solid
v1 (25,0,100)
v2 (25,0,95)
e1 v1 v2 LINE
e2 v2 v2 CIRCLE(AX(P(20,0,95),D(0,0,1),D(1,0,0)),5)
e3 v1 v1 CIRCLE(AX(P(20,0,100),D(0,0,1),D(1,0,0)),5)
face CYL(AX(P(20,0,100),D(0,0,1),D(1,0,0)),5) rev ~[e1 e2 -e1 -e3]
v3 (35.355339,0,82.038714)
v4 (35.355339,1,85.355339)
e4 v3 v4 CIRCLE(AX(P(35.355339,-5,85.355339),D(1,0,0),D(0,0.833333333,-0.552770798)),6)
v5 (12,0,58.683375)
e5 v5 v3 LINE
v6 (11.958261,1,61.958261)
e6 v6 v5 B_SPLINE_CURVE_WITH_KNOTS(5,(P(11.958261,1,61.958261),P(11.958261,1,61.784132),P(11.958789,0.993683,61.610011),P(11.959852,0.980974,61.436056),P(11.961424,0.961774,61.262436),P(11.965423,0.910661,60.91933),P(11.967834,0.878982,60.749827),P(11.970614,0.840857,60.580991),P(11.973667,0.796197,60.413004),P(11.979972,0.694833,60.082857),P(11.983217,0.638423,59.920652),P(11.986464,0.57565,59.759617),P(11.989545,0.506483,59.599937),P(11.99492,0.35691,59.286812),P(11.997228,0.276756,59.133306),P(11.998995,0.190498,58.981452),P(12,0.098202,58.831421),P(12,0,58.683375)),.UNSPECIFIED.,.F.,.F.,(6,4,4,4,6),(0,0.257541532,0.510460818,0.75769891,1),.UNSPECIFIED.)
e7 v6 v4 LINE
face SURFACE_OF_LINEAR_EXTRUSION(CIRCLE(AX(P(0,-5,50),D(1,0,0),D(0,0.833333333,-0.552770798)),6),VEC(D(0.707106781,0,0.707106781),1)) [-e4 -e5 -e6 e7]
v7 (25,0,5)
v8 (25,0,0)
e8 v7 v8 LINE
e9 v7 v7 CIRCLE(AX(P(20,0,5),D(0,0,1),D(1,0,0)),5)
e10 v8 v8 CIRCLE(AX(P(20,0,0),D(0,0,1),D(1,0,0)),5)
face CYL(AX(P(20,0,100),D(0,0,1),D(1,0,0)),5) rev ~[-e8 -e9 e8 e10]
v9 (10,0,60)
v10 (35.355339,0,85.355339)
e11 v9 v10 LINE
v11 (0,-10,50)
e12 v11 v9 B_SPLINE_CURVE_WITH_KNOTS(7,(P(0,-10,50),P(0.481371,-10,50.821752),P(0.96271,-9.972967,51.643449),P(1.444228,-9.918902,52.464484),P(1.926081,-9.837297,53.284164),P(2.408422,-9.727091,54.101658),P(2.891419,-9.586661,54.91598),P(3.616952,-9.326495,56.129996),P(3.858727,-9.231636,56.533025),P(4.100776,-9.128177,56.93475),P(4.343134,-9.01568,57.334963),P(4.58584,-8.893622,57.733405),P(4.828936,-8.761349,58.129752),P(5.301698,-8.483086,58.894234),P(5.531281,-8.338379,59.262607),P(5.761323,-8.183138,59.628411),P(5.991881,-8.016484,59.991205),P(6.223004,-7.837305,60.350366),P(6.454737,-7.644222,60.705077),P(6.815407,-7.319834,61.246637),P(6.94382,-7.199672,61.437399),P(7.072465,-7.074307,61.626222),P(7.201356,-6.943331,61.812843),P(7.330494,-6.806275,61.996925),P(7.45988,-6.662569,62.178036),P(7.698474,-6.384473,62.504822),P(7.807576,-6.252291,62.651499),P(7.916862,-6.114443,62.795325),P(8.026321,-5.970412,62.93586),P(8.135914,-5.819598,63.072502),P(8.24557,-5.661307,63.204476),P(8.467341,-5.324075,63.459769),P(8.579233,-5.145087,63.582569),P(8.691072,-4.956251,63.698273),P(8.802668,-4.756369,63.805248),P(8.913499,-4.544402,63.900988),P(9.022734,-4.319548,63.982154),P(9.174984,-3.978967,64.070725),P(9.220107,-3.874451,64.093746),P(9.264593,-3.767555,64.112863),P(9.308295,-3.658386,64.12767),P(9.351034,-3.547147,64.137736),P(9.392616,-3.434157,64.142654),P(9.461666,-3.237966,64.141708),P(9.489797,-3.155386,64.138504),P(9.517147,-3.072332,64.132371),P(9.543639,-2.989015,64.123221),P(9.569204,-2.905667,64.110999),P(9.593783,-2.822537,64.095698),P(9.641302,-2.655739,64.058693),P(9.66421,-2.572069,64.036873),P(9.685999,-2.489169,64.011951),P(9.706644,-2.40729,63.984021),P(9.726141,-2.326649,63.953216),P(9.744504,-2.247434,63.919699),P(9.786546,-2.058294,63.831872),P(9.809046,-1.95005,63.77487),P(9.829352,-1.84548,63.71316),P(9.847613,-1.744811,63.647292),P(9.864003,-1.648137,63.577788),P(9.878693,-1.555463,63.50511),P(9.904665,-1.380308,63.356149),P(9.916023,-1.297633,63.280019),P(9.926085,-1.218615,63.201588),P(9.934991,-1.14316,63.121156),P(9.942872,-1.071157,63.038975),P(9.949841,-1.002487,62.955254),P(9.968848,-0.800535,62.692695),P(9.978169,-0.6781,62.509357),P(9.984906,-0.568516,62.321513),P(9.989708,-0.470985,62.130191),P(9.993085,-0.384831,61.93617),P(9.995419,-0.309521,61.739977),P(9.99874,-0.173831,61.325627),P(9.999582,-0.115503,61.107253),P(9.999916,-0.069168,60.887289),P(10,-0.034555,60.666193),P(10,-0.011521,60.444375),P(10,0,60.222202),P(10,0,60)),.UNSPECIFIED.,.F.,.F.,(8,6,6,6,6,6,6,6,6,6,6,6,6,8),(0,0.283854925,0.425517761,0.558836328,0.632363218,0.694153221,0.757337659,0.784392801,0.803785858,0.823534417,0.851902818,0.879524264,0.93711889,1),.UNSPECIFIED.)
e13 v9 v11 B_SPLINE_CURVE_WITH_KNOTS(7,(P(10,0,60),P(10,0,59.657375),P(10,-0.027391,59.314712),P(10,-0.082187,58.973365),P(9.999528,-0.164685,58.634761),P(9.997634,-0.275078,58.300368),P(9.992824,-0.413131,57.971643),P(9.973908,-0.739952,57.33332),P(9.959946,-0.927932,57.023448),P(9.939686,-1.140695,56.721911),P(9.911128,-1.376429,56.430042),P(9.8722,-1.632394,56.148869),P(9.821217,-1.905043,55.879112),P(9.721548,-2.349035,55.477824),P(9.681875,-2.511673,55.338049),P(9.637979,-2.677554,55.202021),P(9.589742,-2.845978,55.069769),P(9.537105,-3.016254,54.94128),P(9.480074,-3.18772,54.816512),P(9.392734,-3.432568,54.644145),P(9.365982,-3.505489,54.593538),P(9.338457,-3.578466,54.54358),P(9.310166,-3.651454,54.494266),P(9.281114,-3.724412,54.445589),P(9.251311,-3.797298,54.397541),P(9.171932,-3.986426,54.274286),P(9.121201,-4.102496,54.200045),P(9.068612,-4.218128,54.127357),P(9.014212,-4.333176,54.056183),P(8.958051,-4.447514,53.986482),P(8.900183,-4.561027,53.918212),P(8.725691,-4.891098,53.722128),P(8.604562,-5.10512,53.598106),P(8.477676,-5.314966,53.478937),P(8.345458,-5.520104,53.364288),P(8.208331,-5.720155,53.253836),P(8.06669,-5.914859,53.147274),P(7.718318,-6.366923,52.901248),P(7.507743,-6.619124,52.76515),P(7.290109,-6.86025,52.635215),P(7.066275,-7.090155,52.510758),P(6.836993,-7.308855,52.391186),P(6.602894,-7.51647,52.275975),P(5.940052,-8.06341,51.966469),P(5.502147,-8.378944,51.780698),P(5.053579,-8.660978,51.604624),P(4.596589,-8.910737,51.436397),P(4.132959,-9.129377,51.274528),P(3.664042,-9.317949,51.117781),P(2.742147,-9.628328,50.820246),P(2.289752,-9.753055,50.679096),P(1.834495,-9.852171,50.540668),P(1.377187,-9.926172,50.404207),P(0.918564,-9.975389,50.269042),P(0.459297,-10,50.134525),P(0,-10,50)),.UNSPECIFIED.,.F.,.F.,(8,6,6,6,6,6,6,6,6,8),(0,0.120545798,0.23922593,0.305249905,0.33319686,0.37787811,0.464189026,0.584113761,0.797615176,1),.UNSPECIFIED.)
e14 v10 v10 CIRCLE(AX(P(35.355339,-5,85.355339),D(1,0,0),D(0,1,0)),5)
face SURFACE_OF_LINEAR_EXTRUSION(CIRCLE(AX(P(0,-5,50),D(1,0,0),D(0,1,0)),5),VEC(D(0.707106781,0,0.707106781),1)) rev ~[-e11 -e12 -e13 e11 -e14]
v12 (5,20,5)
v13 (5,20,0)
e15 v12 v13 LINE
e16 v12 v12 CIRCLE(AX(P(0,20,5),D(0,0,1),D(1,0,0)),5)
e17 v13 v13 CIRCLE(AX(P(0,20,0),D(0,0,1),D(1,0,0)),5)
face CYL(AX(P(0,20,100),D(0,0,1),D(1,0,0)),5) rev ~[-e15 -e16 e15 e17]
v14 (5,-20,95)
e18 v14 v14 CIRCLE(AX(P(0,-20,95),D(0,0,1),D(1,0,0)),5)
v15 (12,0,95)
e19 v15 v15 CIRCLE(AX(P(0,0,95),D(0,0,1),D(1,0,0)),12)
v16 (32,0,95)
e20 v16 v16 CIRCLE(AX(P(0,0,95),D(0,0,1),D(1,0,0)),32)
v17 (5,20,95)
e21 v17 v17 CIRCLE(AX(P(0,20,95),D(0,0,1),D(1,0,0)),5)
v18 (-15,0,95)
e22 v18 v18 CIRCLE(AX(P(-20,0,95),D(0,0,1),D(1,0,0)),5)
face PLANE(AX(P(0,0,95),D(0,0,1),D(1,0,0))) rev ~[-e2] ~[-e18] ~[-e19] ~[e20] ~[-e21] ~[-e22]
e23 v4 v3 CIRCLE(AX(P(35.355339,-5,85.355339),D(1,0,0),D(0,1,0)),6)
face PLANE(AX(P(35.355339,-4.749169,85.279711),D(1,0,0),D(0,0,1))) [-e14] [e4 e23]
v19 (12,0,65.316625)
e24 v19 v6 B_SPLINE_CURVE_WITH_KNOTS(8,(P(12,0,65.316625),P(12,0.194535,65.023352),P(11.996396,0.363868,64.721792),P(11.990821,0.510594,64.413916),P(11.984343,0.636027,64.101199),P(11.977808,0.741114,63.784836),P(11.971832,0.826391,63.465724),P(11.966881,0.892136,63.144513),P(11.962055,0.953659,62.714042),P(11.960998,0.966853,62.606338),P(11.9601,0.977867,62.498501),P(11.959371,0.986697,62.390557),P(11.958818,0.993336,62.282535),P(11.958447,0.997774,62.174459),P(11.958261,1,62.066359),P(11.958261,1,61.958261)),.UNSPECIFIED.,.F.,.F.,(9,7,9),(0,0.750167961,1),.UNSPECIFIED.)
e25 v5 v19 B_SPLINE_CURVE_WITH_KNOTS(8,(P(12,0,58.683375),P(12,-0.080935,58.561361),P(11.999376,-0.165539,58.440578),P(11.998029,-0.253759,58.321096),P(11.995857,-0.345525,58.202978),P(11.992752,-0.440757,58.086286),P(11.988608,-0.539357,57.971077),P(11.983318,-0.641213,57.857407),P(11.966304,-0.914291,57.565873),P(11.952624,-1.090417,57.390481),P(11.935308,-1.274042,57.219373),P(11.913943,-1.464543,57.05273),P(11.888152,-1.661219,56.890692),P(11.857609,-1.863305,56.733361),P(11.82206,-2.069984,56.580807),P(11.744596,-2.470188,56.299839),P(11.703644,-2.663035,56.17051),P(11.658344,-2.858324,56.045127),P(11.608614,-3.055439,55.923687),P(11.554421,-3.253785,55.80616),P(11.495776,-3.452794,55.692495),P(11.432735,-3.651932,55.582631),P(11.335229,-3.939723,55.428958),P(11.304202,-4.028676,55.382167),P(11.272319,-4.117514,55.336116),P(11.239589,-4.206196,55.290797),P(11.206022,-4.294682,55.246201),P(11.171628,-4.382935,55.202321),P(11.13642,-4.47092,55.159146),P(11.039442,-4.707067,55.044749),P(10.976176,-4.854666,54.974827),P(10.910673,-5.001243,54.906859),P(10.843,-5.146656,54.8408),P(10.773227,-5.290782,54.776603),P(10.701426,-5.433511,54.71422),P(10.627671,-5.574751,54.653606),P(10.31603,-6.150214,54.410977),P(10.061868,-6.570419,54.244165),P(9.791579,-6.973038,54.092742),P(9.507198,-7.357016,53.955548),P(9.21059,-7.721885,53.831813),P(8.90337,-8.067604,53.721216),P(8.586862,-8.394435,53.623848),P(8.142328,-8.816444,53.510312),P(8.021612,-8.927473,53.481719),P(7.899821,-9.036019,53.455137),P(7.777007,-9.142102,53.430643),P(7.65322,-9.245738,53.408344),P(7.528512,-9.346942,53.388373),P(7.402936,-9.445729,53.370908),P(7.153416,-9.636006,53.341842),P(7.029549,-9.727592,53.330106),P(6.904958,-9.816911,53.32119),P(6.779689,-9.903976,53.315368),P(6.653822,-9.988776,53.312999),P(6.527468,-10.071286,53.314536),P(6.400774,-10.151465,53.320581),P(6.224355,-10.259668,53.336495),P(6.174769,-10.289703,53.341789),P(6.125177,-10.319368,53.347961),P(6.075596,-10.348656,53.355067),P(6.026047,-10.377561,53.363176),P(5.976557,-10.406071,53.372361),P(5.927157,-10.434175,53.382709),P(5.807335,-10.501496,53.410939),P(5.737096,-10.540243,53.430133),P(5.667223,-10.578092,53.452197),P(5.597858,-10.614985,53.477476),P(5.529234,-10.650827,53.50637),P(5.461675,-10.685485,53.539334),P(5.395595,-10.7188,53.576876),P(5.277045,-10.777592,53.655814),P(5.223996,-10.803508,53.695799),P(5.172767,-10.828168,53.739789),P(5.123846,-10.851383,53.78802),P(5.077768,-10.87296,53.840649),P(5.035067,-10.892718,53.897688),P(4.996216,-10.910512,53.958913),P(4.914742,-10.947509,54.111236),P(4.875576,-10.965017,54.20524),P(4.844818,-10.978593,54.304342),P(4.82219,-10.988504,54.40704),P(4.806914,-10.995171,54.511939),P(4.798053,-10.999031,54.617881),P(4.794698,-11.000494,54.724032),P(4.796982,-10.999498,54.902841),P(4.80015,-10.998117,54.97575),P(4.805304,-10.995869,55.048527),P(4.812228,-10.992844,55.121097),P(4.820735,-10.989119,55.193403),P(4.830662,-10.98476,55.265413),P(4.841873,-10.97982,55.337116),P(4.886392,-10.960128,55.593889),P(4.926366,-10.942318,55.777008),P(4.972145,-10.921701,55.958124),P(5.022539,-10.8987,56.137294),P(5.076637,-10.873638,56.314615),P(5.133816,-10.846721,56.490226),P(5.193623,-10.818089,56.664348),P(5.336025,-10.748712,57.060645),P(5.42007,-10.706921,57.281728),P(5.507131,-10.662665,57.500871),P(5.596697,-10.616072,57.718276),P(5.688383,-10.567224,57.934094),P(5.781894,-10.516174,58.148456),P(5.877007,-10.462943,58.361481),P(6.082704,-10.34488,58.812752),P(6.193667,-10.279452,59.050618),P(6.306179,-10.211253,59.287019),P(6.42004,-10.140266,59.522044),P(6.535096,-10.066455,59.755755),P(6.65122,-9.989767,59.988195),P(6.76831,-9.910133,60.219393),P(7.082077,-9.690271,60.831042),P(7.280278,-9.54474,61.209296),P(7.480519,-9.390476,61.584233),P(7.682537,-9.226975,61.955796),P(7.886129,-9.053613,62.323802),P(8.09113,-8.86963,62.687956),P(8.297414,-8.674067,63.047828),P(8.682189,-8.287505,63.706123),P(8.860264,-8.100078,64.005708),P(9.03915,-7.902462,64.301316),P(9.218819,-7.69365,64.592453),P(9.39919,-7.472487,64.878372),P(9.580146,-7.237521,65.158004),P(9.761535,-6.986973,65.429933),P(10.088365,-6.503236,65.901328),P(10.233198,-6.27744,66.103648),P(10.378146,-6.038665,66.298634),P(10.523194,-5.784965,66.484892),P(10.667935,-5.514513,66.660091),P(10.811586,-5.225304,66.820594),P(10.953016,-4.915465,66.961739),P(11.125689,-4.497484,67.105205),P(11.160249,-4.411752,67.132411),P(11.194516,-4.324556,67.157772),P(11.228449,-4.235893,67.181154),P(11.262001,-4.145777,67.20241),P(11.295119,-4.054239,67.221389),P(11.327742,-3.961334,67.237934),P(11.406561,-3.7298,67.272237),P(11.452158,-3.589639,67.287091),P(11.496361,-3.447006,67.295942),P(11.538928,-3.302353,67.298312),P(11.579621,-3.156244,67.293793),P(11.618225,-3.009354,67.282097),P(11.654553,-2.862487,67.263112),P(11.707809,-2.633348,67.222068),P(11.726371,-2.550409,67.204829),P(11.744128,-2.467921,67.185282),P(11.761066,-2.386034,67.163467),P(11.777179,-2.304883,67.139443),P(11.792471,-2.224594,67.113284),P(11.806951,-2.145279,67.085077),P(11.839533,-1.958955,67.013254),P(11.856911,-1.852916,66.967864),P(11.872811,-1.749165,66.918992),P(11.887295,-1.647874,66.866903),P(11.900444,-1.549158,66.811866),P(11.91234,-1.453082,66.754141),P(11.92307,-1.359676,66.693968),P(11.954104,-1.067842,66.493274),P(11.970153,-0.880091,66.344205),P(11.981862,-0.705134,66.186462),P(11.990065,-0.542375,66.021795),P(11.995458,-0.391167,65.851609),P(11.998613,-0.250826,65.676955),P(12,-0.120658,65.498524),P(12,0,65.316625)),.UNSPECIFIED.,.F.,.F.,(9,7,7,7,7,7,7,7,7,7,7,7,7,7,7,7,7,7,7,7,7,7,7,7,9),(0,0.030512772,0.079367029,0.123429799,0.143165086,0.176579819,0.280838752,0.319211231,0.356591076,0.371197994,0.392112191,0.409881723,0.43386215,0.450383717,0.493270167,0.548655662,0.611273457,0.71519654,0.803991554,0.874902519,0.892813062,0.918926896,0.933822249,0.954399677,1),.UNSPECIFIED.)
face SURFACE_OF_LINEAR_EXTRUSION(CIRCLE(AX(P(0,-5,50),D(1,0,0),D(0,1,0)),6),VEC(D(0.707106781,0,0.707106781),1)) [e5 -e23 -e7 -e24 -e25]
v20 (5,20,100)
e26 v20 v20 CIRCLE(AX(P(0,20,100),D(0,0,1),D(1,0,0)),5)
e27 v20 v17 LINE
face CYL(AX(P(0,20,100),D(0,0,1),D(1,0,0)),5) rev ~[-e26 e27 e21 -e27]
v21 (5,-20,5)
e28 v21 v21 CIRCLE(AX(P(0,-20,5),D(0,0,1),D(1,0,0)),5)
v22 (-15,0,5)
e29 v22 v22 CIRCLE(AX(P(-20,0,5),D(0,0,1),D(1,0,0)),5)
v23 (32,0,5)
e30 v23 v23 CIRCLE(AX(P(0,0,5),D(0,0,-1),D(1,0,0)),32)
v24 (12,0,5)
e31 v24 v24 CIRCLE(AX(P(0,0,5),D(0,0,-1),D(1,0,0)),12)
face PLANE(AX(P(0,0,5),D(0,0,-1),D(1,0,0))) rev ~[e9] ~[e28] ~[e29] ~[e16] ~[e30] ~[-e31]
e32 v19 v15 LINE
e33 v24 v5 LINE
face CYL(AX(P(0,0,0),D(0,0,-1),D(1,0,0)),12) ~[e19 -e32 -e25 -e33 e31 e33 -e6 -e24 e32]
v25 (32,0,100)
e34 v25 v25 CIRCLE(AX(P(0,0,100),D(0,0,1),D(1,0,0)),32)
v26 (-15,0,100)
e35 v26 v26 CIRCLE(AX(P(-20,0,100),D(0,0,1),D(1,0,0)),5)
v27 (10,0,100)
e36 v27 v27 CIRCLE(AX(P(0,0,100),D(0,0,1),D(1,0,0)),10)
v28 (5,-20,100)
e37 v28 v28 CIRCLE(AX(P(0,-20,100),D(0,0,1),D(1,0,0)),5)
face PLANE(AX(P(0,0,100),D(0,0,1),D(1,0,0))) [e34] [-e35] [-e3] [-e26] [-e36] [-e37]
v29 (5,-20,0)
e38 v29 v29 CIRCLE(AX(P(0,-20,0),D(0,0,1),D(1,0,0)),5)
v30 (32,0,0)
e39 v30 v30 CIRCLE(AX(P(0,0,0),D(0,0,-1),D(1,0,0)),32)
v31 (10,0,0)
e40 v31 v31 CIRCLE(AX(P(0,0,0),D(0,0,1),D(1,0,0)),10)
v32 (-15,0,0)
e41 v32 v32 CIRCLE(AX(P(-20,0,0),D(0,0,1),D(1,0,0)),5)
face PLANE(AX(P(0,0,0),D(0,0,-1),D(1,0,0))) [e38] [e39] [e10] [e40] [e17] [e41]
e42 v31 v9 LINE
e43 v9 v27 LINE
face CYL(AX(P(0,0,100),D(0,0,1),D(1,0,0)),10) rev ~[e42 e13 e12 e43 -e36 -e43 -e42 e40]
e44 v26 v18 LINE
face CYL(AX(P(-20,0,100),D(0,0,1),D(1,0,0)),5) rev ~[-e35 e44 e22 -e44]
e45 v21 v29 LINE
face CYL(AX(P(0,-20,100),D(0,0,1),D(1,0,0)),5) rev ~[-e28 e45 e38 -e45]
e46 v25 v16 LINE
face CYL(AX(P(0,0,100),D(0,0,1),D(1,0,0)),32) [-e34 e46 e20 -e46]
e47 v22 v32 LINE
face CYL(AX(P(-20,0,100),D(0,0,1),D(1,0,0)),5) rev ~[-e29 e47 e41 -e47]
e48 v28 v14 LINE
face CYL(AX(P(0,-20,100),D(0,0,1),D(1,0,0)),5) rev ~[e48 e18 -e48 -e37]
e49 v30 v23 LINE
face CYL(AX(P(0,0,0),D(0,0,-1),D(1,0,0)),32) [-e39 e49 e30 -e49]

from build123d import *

# Parameters (mm, degrees)
F0_R      = 12
F1_DEPTH  = 100
F2_R      = 10
F3_DEPTH  = 100
F4_R      = 32
F4_R_2    = 12
F5_DEPTH  = 5
F6_R      = 32
F6_R_2    = 12
F7_DEPTH  = 5
F8_R      = 5
F9_DEPTH  = 100
F14_R     = 5
F16_R     = 10
F17_DEPTH = 100


with BuildPart() as f1:
    # F0 (on Top) → F1 (new body)
    with BuildSketch(Plane.XY):
        Circle(F0_R)
    extrude(amount=F1_DEPTH)

    # F2 (on face) → F3 (cut, through all)
    with BuildSketch(Plane.XY.offset(100)):
        Circle(F2_R)
    extrude(amount=-F3_DEPTH, mode=Mode.SUBTRACT)

    # F4 (on face) → F5 (join)
    with BuildSketch(Plane(origin=(0, 0, 0), x_dir=(1, 0, 0), z_dir=(0, 0, -1))):
        Circle(F4_R)
        Circle(F4_R_2, mode=Mode.SUBTRACT)
    extrude(amount=-F5_DEPTH)

    # F6 (on face) → F7 (join)
    with BuildSketch(Plane.XY.offset(100)):
        Circle(F6_R)
        Circle(F6_R_2, mode=Mode.SUBTRACT)
    extrude(amount=-F7_DEPTH)

    # F8 (on face) → F9 (cut, through all)
    with BuildSketch(Plane.XY.offset(100)):
        with Locations((0, 20)):
            Circle(F8_R)
        with Locations((-20, 0)):
            Circle(F8_R)
        with Locations((0, -20)):
            Circle(F8_R)
        with Locations((20, 0)):
            Circle(F8_R)
    extrude(amount=-F9_DEPTH, mode=Mode.SUBTRACT)

    # F13: sweep along a path in F12
    with BuildLine(Plane.XZ.offset(5)) as f13_path:
        Line((0, 50), (35.3553390593, 85.3553390593))
    # F10 (on Right) → F13 (sweep)
    with BuildSketch(Plane.YZ):
        with BuildLine():
            ThreePointArc((0, 46.6833752096), (0.7445626465, 48.2679491924), (1, 50))
            ThreePointArc((1, 50), (-10.7445626465, 51.7320508076), (0, 46.6833752096))
        make_face()
    sweep(path=f13_path.line)

    # F15: sweep along a path in F12
    with BuildLine(Plane.XZ.offset(5)) as f15_path:
        Line((0, 50), (35.3553390593, 85.3553390593))
    # F14 (on face) → F15 (sweep, cut)
    with BuildSketch(Plane.YZ.offset(35.3553390593)):
        with Locations((-5, 85.3553390593)):
            Circle(F14_R)
    sweep(path=f15_path.line, mode=Mode.SUBTRACT)

    # F16 (on face) → F17 (cut)
    with BuildSketch(Plane.XY.offset(100)):
        Circle(F16_R)
    extrude(amount=-F17_DEPTH, mode=Mode.SUBTRACT)


solid = f1.part
